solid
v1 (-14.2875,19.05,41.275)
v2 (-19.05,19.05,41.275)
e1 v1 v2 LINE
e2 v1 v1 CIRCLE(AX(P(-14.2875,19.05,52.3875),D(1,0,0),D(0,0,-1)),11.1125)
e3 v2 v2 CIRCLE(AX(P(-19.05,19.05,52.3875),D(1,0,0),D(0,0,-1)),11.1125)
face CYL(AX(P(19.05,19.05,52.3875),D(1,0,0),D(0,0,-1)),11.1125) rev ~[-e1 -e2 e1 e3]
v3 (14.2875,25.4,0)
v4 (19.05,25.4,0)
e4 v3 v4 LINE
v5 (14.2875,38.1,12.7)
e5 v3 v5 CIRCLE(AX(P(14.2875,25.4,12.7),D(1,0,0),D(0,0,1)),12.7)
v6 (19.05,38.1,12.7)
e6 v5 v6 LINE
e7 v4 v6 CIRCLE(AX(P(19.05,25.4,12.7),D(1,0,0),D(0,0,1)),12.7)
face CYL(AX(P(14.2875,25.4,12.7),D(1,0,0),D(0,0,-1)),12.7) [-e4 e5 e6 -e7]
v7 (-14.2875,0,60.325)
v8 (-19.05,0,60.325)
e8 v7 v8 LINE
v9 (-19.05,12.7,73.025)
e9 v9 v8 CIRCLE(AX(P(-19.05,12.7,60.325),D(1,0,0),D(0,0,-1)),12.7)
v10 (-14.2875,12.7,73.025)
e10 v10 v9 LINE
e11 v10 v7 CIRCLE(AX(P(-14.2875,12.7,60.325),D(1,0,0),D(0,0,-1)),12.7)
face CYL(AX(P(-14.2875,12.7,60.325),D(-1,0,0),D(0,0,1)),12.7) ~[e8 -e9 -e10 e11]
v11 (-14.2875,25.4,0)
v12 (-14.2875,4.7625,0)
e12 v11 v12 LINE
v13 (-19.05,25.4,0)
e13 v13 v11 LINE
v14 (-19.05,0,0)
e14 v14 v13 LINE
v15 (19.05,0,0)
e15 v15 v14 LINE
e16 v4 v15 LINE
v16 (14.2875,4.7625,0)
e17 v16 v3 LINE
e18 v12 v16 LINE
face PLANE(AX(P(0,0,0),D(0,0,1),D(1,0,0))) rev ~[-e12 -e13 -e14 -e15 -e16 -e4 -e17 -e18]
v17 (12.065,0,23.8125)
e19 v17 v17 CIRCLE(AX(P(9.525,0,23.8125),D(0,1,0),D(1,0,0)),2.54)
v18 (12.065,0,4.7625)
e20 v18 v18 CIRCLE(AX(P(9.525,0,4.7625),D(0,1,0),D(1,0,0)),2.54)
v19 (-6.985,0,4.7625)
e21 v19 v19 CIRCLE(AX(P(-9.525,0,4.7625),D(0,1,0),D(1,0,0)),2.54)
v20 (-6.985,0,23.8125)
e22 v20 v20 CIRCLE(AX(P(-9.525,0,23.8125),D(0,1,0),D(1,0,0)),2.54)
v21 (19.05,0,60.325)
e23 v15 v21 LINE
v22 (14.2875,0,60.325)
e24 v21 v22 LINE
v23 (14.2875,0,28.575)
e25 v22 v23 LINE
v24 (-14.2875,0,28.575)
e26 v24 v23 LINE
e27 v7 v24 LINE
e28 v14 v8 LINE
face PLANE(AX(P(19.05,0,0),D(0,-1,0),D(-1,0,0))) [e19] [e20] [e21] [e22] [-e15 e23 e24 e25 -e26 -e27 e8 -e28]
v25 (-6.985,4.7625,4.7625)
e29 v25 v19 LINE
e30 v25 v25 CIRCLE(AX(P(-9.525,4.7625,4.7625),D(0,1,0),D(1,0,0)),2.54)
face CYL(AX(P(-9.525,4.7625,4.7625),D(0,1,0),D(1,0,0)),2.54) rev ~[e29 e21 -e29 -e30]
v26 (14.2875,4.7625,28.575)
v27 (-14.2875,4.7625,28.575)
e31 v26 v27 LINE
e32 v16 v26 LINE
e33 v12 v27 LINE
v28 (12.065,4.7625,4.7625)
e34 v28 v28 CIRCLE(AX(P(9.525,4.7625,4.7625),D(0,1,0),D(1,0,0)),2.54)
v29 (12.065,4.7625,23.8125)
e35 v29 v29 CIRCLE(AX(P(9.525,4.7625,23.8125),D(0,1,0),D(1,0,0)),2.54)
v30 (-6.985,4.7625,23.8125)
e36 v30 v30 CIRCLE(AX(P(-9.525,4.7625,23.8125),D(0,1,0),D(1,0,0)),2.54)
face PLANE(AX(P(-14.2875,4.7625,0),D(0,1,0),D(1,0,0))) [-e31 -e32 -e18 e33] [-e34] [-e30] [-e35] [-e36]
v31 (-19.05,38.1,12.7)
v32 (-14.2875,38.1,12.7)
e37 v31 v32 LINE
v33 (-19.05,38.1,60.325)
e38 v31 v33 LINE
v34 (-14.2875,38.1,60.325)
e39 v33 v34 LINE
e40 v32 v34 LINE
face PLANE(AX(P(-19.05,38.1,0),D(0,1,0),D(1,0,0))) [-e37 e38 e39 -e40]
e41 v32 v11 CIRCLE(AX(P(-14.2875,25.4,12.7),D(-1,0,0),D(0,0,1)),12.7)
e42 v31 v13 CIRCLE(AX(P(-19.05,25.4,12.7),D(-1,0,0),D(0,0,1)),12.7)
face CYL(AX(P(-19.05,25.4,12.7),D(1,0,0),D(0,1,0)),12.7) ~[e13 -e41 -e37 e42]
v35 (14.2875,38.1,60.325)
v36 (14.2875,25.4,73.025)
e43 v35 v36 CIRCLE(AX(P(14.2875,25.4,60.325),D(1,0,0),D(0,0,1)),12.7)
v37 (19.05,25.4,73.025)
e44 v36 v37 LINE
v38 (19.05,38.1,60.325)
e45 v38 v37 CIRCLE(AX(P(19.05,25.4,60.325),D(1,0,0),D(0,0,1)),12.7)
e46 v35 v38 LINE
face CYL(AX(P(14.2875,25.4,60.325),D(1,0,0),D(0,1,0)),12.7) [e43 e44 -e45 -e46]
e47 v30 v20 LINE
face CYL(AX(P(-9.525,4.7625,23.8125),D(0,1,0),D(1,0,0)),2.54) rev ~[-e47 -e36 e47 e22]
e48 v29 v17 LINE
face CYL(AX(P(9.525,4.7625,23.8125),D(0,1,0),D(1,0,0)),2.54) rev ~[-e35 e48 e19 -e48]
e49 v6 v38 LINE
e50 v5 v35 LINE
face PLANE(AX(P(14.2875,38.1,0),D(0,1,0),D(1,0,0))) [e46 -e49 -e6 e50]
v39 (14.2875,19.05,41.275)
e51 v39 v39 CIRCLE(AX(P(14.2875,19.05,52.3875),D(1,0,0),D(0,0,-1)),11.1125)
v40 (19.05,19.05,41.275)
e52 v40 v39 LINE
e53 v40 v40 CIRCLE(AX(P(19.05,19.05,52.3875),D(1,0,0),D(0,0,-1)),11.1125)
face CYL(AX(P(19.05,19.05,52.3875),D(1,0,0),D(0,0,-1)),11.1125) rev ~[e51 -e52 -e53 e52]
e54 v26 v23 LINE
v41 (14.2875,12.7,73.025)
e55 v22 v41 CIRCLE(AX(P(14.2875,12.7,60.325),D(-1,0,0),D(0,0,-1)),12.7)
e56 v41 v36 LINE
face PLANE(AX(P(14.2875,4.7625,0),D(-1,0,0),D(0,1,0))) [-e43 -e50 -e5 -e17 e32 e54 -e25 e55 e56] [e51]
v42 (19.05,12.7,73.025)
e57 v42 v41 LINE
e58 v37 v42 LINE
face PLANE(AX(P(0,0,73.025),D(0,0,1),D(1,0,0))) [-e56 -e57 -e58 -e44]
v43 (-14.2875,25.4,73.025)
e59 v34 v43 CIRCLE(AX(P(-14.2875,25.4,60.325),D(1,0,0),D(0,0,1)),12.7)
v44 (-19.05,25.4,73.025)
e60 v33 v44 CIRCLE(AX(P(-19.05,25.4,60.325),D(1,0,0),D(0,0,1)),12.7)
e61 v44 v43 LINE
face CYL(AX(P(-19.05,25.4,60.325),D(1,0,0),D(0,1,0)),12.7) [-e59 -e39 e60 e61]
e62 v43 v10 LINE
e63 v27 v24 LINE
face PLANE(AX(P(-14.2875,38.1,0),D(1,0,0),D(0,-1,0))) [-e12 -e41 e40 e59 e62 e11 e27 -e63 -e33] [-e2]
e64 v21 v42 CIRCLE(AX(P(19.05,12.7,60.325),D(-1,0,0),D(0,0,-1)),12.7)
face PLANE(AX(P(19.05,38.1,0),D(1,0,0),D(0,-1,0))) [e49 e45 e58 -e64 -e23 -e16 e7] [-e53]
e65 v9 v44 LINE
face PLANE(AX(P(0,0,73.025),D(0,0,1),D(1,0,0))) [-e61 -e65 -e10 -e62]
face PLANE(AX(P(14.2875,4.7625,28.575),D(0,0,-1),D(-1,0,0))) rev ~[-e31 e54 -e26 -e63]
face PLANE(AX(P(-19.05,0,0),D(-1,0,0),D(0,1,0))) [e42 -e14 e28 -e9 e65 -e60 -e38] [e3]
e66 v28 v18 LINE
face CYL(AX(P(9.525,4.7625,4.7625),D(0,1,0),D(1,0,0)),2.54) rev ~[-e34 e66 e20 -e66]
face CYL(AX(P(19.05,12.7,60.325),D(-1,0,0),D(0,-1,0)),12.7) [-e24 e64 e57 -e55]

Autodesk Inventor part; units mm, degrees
ref_plane "YZ Plane" through (0, 0, 0) normal (1, 0, 0) x (0, 1, 0)
ref_plane "XZ Plane" through (0, 0, 0) normal (0, 1, 0) x (-1, 0, 0)
ref_plane "XY Plane" through (0, 0, 0) normal (0, 0, 1) x (1, 0, 0)
sketch "Sketch1" plane through (0, 0, 0) normal (0, 0, 1) x (1, 0, 0)
  line L0 (-19.05, 38.1) -> (-14.2875, 38.1)
  line L1 (-14.2875, 38.1) -> (-14.2875, 4.7625)
  line L2 (-14.2875, 4.7625) -> (14.2875, 4.7625)
  line L3 (14.2875, 4.7625) -> (14.2875, 38.1)
  line L4 (14.2875, 38.1) -> (19.05, 38.1)
  line L5 (19.05, 38.1) -> (19.05, 0)
  line L6 (19.05, 0) -> (-19.05, 0)
  line L7 (-19.05, 0) -> (-19.05, 38.1)
  line L8 (0, 0) -> (0, 4.7625) construction
  dimension "d0" = 4.7625
  dimension "d2" = 38.1
  dimension "d3" = 38.1
extrude "Extrusion1" add sketch "Sketch1" along normal blind 73.025
sketch "Sketch2" plane through (-14.2875, 4.7625, 0) normal (0, 1, 0) x (1, 0, 0)
  line L0 (23.8125, -23.8125) -> (4.7625, -23.8125) construction
  line L1 (4.7625, -23.8125) -> (4.7625, -4.7625) construction
  line L2 (4.7625, -4.7625) -> (23.8125, -4.7625) construction
  line L3 (23.8125, -4.7625) -> (23.8125, -23.8125) construction
  line L4 (23.8125, -23.8125) -> (4.7625, -4.7625) construction
  line L5 (4.7625, -23.8125) -> (23.8125, -4.7625) construction
  circle A0 centre (4.7625, -4.7625) radius 2.54
  circle A1 centre (4.7625, -23.8125) radius 2.54
  circle A2 centre (23.8125, -4.7625) radius 2.54
  circle A3 centre (23.8125, -23.8125) radius 2.54
  line L6 (0, 0) -> (0, -73.025) projected
  line L7 (28.575, 0) -> (28.575, -73.025) projected
  line L8 (0, -73.025) -> (28.575, -73.025)
  line L9 (28.575, -73.025) -> (28.575, -28.575)
  line L10 (28.575, -28.575) -> (0, -28.575)
  line L11 (0, -28.575) -> (0, -73.025)
  line L12 (14.2875, -4.7625) -> (14.2875, 0) construction
  point P0 (14.2875, -14.2875)
  dimension "d6" = 5.08
  dimension "d7" = 19.05
  dimension "d8" = 19.05
  dimension "d10" = 14.2875
  dimension "d21" = 4.7625
  dimension "d22" = 4.7625
extrude "Extrusion2" cut sketch "Sketch2" against normal through all
sketch "Sketch3" plane through (19.05, 0, 0) normal (1, 0, 0) x (0, 0, -1)
  circle A0 centre (-52.3875, 19.05) radius 11.1125
  circle A1 centre (-52.3875, 19.05) radius 9.525 construction
  line L0 (-42.8625, 19.05) -> (-42.8625, -6.9181) construction
  line L1 (0, 0) -> (-73.025, 0) construction
  dimension "d15" = 19.05
  dimension "d13" = 22.225
  dimension "d14" = 19.05
  dimension "d16" = 42.8625
extrude "Extrusion3" cut sketch "Sketch3" against normal through all
fillet "Fillet1" radius 12.7 6 edges at (16.6687, 38.1, 73.025) (-16.6687, 38.1, 73.025) (16.6687, 38.1, 0) (-16.6687, 38.1, 0) (-16.6688, 0, 73.025) (16.6688, 0, 73.025)
properties part number "top pully bracket 2" material "Aluminum 6061"
